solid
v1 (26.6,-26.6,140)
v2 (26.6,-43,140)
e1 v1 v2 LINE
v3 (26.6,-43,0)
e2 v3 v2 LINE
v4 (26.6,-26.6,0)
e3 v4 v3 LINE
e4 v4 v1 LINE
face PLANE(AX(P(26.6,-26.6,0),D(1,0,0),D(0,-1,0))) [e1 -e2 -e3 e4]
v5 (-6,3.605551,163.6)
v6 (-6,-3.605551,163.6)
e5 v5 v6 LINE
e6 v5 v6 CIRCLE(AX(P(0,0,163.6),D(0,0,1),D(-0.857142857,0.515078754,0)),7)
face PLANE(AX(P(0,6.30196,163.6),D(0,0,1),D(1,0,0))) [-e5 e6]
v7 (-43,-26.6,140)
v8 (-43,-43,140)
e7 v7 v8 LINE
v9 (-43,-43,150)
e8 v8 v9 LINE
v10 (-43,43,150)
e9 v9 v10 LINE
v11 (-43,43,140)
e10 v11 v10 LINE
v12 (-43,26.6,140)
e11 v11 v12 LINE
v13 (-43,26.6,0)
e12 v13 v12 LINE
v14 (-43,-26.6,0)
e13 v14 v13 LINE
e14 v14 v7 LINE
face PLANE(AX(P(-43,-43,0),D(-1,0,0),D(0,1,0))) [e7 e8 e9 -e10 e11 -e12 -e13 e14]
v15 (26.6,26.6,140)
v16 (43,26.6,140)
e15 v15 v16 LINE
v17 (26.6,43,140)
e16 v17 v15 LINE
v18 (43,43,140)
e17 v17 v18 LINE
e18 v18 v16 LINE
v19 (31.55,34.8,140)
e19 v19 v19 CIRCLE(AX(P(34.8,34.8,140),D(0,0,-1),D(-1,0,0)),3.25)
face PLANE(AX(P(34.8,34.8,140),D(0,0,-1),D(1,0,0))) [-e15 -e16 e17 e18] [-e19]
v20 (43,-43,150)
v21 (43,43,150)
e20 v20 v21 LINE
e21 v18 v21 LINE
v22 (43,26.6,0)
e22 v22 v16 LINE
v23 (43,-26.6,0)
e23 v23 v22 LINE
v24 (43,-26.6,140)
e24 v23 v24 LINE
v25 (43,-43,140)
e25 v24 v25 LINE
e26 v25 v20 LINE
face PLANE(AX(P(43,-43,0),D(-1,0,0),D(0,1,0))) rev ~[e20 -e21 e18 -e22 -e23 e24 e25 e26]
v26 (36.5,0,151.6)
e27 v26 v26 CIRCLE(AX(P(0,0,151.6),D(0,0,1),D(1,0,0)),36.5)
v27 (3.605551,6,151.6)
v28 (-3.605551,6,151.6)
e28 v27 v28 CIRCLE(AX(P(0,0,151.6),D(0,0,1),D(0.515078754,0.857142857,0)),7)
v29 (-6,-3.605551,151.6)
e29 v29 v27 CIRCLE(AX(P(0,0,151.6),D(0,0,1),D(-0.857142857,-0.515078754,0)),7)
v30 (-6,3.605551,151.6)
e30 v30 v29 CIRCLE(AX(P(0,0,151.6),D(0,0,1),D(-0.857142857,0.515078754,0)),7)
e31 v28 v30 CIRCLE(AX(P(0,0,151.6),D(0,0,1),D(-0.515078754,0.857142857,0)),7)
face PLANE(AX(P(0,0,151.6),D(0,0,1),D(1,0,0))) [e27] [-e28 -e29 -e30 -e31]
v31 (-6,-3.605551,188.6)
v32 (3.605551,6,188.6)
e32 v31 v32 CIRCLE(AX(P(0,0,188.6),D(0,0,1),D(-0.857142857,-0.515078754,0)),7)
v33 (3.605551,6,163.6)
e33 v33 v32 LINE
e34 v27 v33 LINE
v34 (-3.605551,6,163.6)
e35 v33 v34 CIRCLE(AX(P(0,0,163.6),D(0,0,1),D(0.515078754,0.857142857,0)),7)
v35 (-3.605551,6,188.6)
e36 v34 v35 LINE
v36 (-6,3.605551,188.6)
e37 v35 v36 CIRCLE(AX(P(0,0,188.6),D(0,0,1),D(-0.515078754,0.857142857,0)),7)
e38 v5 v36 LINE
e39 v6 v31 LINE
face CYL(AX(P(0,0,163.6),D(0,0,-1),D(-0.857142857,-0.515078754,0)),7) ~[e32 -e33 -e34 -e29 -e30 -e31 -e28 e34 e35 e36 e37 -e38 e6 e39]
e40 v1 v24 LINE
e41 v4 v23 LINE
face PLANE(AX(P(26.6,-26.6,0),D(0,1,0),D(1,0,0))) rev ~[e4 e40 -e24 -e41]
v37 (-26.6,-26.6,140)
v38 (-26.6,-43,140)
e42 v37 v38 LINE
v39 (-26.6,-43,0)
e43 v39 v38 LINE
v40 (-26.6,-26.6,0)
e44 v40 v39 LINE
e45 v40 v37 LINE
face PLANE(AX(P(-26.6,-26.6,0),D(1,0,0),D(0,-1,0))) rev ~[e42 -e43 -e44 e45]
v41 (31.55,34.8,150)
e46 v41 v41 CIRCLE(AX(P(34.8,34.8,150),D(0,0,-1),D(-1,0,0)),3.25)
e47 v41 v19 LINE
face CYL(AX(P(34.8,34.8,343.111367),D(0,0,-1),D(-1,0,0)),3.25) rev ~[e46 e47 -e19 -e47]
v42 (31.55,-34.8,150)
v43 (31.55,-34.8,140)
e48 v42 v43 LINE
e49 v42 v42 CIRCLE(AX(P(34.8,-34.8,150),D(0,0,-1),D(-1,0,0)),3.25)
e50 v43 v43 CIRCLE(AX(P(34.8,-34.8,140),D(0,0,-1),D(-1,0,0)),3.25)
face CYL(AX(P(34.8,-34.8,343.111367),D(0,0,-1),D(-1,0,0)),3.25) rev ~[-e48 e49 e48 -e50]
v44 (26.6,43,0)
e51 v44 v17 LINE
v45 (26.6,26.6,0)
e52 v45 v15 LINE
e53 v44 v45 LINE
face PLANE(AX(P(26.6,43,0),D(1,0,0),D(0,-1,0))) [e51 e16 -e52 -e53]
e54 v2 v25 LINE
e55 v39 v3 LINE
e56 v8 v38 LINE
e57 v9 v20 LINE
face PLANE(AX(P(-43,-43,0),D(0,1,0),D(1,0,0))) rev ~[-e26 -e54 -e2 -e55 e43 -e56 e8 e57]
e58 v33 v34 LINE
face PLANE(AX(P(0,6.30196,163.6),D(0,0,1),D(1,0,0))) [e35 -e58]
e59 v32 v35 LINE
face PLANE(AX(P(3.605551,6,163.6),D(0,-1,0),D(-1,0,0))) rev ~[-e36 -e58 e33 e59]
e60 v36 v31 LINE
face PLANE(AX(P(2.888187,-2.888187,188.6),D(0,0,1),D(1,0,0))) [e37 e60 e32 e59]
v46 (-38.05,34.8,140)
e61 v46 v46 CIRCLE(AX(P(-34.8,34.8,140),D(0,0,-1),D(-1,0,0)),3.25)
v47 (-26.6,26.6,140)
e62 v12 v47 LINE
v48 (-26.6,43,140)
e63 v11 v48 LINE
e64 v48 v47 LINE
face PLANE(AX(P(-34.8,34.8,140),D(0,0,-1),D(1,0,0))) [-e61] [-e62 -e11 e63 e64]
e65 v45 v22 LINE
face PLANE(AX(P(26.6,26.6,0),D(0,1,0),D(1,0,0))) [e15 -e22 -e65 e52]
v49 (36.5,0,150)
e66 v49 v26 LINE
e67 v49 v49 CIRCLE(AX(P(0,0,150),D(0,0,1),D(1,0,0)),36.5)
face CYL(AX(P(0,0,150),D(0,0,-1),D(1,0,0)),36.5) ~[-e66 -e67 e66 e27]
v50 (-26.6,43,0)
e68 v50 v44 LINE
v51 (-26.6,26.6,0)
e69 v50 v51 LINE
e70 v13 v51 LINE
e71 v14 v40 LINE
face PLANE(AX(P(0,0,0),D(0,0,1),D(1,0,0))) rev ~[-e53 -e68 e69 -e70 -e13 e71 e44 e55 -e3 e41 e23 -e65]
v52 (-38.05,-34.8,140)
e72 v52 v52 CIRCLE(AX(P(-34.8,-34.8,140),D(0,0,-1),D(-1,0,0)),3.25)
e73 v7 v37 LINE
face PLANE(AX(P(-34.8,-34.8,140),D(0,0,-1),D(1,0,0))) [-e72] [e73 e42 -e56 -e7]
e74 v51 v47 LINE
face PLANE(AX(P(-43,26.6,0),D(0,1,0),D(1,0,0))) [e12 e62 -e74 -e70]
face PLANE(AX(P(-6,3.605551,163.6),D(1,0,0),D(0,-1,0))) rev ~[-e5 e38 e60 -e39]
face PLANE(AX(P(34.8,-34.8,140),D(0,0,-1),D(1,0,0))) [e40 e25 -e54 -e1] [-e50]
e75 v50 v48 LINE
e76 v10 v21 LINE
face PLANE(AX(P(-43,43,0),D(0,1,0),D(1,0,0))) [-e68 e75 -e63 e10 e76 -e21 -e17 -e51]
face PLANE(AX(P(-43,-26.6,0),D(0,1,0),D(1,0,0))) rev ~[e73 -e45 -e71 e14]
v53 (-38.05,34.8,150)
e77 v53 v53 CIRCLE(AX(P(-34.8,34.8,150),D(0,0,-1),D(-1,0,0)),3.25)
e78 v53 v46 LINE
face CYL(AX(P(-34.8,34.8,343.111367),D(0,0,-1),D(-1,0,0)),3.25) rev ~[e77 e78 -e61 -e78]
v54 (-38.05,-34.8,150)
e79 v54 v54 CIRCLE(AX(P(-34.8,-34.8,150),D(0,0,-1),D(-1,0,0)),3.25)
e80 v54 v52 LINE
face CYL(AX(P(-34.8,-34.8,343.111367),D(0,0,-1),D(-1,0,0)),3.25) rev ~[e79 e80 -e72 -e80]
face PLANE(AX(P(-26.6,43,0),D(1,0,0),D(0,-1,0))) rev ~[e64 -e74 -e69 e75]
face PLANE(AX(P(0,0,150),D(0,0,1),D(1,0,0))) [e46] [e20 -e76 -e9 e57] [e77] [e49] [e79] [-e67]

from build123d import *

# Parameters (mm, degrees)
F0_W      = 86
F0_H      = 86
F1_DEPTH  = 150
F3_D      = 6.5
F4_R      = 36.5
F5_DEPTH  = 1.6
F7_DEPTH  = 12
F9_DEPTH  = 25
F10_W     = 16.4
F10_H     = 16.4
F10_R     = 3.25
F11_DEPTH = 140


with BuildPart() as f1:
    # F0 (on Top) → F1 (new body)
    with BuildSketch(Plane.XY):
        Rectangle(F0_W, F0_H)
    extrude(amount=F1_DEPTH)

    # F3 (through all)
    with Locations(Plane.XY.offset(150)):
        with Locations((-34.8, 34.8), (34.8, 34.8), (34.8, -34.8), (-34.8, -34.8)):
            Hole(F3_D / 2)

    # F4 (on face) → F5 (join)
    with BuildSketch(Plane.XY.offset(150)):
        Circle(F4_R)
    extrude(amount=F5_DEPTH)

    # F6 (on face) → F7 (join)
    with BuildSketch(Plane.XY.offset(151.6)):
        with BuildLine():
            Line((0, 6), (3.6055512755, 6))
            ThreePointArc((3.6055512755, 6), (0, 7), (-3.6055512755, 6))
            Line((-3.6055512755, 6), (0, 6))
        make_face()
        with BuildLine():
            ThreePointArc((-6, 3.6055512755), (-7, 0), (-6, -3.6055512755))
            Line((-6, -3.6055512755), (-6, 0))
            Line((-6, 0), (-6, 3.6055512755))
        make_face()
        with BuildLine():
            Line((0, 0), (0, -7))
            ThreePointArc((0, -7), (4.9497474683, -4.9497474683), (7, 0))
            Line((7, 0), (0, 0))
        make_face()
        with BuildLine():
            Line((0, 0), (7, 0))
            ThreePointArc((7, 0), (6.0925716626, 3.4468203516), (3.6055512755, 6))
            Line((3.6055512755, 6), (0, 6))
            Line((0, 6), (0, 0))
        make_face()
        with BuildLine():
            ThreePointArc((-6, -3.6055512755), (-3.4468203516, -6.0925716626), (0, -7))
            Line((0, -7), (0, 0))
            Line((0, 0), (-6, 0))
            Line((-6, 0), (-6, -3.6055512755))
        make_face()
        with BuildLine():
            Line((-6, 0), (0, 0))
            Line((0, 0), (0, 6))
            Line((0, 6), (-3.6055512755, 6))
            ThreePointArc((-3.6055512755, 6), (-4.9497474683, 4.9497474683), (-6, 3.6055512755))
            Line((-6, 3.6055512755), (-6, 0))
        make_face()
    extrude(amount=F7_DEPTH)

    # F8 (on face) → F9 (join)
    with BuildSketch(Plane.XY.offset(163.6)):
        with BuildLine():
            ThreePointArc((0, -7), (4.9497474683, -4.9497474683), (7, 0))
            Line((7, 0), (0, 0))
            Line((0, 0), (0, -7))
        make_face()
        with BuildLine():
            Line((0, 0), (7, 0))
            ThreePointArc((7, 0), (6.0925716626, 3.4468203516), (3.6055512755, 6))
            Line((3.6055512755, 6), (0, 6))
            Line((0, 6), (0, 0))
        make_face()
        with BuildLine():
            ThreePointArc((-6, -3.6055512755), (-3.4468203516, -6.0925716626), (0, -7))
            Line((0, -7), (0, 0))
            Line((0, 0), (-6, 0))
            Line((-6, 0), (-6, -3.6055512755))
        make_face()
        with BuildLine():
            Line((-6, 0), (0, 0))
            Line((0, 0), (0, 6))
            Line((0, 6), (-3.6055512755, 6))
            ThreePointArc((-3.6055512755, 6), (-4.9497474683, 4.9497474683), (-6, 3.6055512755))
            Line((-6, 3.6055512755), (-6, 0))
        make_face()
    extrude(amount=F9_DEPTH)

    # F10 (on face) → F11 (cut)
    with BuildSketch(Plane(origin=(0, 0, 0), x_dir=(1, 0, 0), z_dir=(0, 0, -1))):
        with Locations((-34.8, 34.8)):
            Rectangle(F10_W, F10_H)
        with Locations((-34.8, 34.8)):
            Circle(F10_R, mode=Mode.SUBTRACT)
        with Locations((34.8, 34.8)):
            Rectangle(F10_W, F10_H)
        with Locations((34.8, 34.8)):
            Circle(F10_R, mode=Mode.SUBTRACT)
        with Locations((34.8, -34.8)):
            Rectangle(F10_W, F10_H)
        with Locations((34.8, -34.8)):
            Circle(F10_R, mode=Mode.SUBTRACT)
        with Locations((-34.8, -34.8)):
            Rectangle(F10_W, F10_H)
        with Locations((-34.8, -34.8)):
            Circle(F10_R, mode=Mode.SUBTRACT)
    extrude(amount=-F11_DEPTH, mode=Mode.SUBTRACT)


solid = f1.part
